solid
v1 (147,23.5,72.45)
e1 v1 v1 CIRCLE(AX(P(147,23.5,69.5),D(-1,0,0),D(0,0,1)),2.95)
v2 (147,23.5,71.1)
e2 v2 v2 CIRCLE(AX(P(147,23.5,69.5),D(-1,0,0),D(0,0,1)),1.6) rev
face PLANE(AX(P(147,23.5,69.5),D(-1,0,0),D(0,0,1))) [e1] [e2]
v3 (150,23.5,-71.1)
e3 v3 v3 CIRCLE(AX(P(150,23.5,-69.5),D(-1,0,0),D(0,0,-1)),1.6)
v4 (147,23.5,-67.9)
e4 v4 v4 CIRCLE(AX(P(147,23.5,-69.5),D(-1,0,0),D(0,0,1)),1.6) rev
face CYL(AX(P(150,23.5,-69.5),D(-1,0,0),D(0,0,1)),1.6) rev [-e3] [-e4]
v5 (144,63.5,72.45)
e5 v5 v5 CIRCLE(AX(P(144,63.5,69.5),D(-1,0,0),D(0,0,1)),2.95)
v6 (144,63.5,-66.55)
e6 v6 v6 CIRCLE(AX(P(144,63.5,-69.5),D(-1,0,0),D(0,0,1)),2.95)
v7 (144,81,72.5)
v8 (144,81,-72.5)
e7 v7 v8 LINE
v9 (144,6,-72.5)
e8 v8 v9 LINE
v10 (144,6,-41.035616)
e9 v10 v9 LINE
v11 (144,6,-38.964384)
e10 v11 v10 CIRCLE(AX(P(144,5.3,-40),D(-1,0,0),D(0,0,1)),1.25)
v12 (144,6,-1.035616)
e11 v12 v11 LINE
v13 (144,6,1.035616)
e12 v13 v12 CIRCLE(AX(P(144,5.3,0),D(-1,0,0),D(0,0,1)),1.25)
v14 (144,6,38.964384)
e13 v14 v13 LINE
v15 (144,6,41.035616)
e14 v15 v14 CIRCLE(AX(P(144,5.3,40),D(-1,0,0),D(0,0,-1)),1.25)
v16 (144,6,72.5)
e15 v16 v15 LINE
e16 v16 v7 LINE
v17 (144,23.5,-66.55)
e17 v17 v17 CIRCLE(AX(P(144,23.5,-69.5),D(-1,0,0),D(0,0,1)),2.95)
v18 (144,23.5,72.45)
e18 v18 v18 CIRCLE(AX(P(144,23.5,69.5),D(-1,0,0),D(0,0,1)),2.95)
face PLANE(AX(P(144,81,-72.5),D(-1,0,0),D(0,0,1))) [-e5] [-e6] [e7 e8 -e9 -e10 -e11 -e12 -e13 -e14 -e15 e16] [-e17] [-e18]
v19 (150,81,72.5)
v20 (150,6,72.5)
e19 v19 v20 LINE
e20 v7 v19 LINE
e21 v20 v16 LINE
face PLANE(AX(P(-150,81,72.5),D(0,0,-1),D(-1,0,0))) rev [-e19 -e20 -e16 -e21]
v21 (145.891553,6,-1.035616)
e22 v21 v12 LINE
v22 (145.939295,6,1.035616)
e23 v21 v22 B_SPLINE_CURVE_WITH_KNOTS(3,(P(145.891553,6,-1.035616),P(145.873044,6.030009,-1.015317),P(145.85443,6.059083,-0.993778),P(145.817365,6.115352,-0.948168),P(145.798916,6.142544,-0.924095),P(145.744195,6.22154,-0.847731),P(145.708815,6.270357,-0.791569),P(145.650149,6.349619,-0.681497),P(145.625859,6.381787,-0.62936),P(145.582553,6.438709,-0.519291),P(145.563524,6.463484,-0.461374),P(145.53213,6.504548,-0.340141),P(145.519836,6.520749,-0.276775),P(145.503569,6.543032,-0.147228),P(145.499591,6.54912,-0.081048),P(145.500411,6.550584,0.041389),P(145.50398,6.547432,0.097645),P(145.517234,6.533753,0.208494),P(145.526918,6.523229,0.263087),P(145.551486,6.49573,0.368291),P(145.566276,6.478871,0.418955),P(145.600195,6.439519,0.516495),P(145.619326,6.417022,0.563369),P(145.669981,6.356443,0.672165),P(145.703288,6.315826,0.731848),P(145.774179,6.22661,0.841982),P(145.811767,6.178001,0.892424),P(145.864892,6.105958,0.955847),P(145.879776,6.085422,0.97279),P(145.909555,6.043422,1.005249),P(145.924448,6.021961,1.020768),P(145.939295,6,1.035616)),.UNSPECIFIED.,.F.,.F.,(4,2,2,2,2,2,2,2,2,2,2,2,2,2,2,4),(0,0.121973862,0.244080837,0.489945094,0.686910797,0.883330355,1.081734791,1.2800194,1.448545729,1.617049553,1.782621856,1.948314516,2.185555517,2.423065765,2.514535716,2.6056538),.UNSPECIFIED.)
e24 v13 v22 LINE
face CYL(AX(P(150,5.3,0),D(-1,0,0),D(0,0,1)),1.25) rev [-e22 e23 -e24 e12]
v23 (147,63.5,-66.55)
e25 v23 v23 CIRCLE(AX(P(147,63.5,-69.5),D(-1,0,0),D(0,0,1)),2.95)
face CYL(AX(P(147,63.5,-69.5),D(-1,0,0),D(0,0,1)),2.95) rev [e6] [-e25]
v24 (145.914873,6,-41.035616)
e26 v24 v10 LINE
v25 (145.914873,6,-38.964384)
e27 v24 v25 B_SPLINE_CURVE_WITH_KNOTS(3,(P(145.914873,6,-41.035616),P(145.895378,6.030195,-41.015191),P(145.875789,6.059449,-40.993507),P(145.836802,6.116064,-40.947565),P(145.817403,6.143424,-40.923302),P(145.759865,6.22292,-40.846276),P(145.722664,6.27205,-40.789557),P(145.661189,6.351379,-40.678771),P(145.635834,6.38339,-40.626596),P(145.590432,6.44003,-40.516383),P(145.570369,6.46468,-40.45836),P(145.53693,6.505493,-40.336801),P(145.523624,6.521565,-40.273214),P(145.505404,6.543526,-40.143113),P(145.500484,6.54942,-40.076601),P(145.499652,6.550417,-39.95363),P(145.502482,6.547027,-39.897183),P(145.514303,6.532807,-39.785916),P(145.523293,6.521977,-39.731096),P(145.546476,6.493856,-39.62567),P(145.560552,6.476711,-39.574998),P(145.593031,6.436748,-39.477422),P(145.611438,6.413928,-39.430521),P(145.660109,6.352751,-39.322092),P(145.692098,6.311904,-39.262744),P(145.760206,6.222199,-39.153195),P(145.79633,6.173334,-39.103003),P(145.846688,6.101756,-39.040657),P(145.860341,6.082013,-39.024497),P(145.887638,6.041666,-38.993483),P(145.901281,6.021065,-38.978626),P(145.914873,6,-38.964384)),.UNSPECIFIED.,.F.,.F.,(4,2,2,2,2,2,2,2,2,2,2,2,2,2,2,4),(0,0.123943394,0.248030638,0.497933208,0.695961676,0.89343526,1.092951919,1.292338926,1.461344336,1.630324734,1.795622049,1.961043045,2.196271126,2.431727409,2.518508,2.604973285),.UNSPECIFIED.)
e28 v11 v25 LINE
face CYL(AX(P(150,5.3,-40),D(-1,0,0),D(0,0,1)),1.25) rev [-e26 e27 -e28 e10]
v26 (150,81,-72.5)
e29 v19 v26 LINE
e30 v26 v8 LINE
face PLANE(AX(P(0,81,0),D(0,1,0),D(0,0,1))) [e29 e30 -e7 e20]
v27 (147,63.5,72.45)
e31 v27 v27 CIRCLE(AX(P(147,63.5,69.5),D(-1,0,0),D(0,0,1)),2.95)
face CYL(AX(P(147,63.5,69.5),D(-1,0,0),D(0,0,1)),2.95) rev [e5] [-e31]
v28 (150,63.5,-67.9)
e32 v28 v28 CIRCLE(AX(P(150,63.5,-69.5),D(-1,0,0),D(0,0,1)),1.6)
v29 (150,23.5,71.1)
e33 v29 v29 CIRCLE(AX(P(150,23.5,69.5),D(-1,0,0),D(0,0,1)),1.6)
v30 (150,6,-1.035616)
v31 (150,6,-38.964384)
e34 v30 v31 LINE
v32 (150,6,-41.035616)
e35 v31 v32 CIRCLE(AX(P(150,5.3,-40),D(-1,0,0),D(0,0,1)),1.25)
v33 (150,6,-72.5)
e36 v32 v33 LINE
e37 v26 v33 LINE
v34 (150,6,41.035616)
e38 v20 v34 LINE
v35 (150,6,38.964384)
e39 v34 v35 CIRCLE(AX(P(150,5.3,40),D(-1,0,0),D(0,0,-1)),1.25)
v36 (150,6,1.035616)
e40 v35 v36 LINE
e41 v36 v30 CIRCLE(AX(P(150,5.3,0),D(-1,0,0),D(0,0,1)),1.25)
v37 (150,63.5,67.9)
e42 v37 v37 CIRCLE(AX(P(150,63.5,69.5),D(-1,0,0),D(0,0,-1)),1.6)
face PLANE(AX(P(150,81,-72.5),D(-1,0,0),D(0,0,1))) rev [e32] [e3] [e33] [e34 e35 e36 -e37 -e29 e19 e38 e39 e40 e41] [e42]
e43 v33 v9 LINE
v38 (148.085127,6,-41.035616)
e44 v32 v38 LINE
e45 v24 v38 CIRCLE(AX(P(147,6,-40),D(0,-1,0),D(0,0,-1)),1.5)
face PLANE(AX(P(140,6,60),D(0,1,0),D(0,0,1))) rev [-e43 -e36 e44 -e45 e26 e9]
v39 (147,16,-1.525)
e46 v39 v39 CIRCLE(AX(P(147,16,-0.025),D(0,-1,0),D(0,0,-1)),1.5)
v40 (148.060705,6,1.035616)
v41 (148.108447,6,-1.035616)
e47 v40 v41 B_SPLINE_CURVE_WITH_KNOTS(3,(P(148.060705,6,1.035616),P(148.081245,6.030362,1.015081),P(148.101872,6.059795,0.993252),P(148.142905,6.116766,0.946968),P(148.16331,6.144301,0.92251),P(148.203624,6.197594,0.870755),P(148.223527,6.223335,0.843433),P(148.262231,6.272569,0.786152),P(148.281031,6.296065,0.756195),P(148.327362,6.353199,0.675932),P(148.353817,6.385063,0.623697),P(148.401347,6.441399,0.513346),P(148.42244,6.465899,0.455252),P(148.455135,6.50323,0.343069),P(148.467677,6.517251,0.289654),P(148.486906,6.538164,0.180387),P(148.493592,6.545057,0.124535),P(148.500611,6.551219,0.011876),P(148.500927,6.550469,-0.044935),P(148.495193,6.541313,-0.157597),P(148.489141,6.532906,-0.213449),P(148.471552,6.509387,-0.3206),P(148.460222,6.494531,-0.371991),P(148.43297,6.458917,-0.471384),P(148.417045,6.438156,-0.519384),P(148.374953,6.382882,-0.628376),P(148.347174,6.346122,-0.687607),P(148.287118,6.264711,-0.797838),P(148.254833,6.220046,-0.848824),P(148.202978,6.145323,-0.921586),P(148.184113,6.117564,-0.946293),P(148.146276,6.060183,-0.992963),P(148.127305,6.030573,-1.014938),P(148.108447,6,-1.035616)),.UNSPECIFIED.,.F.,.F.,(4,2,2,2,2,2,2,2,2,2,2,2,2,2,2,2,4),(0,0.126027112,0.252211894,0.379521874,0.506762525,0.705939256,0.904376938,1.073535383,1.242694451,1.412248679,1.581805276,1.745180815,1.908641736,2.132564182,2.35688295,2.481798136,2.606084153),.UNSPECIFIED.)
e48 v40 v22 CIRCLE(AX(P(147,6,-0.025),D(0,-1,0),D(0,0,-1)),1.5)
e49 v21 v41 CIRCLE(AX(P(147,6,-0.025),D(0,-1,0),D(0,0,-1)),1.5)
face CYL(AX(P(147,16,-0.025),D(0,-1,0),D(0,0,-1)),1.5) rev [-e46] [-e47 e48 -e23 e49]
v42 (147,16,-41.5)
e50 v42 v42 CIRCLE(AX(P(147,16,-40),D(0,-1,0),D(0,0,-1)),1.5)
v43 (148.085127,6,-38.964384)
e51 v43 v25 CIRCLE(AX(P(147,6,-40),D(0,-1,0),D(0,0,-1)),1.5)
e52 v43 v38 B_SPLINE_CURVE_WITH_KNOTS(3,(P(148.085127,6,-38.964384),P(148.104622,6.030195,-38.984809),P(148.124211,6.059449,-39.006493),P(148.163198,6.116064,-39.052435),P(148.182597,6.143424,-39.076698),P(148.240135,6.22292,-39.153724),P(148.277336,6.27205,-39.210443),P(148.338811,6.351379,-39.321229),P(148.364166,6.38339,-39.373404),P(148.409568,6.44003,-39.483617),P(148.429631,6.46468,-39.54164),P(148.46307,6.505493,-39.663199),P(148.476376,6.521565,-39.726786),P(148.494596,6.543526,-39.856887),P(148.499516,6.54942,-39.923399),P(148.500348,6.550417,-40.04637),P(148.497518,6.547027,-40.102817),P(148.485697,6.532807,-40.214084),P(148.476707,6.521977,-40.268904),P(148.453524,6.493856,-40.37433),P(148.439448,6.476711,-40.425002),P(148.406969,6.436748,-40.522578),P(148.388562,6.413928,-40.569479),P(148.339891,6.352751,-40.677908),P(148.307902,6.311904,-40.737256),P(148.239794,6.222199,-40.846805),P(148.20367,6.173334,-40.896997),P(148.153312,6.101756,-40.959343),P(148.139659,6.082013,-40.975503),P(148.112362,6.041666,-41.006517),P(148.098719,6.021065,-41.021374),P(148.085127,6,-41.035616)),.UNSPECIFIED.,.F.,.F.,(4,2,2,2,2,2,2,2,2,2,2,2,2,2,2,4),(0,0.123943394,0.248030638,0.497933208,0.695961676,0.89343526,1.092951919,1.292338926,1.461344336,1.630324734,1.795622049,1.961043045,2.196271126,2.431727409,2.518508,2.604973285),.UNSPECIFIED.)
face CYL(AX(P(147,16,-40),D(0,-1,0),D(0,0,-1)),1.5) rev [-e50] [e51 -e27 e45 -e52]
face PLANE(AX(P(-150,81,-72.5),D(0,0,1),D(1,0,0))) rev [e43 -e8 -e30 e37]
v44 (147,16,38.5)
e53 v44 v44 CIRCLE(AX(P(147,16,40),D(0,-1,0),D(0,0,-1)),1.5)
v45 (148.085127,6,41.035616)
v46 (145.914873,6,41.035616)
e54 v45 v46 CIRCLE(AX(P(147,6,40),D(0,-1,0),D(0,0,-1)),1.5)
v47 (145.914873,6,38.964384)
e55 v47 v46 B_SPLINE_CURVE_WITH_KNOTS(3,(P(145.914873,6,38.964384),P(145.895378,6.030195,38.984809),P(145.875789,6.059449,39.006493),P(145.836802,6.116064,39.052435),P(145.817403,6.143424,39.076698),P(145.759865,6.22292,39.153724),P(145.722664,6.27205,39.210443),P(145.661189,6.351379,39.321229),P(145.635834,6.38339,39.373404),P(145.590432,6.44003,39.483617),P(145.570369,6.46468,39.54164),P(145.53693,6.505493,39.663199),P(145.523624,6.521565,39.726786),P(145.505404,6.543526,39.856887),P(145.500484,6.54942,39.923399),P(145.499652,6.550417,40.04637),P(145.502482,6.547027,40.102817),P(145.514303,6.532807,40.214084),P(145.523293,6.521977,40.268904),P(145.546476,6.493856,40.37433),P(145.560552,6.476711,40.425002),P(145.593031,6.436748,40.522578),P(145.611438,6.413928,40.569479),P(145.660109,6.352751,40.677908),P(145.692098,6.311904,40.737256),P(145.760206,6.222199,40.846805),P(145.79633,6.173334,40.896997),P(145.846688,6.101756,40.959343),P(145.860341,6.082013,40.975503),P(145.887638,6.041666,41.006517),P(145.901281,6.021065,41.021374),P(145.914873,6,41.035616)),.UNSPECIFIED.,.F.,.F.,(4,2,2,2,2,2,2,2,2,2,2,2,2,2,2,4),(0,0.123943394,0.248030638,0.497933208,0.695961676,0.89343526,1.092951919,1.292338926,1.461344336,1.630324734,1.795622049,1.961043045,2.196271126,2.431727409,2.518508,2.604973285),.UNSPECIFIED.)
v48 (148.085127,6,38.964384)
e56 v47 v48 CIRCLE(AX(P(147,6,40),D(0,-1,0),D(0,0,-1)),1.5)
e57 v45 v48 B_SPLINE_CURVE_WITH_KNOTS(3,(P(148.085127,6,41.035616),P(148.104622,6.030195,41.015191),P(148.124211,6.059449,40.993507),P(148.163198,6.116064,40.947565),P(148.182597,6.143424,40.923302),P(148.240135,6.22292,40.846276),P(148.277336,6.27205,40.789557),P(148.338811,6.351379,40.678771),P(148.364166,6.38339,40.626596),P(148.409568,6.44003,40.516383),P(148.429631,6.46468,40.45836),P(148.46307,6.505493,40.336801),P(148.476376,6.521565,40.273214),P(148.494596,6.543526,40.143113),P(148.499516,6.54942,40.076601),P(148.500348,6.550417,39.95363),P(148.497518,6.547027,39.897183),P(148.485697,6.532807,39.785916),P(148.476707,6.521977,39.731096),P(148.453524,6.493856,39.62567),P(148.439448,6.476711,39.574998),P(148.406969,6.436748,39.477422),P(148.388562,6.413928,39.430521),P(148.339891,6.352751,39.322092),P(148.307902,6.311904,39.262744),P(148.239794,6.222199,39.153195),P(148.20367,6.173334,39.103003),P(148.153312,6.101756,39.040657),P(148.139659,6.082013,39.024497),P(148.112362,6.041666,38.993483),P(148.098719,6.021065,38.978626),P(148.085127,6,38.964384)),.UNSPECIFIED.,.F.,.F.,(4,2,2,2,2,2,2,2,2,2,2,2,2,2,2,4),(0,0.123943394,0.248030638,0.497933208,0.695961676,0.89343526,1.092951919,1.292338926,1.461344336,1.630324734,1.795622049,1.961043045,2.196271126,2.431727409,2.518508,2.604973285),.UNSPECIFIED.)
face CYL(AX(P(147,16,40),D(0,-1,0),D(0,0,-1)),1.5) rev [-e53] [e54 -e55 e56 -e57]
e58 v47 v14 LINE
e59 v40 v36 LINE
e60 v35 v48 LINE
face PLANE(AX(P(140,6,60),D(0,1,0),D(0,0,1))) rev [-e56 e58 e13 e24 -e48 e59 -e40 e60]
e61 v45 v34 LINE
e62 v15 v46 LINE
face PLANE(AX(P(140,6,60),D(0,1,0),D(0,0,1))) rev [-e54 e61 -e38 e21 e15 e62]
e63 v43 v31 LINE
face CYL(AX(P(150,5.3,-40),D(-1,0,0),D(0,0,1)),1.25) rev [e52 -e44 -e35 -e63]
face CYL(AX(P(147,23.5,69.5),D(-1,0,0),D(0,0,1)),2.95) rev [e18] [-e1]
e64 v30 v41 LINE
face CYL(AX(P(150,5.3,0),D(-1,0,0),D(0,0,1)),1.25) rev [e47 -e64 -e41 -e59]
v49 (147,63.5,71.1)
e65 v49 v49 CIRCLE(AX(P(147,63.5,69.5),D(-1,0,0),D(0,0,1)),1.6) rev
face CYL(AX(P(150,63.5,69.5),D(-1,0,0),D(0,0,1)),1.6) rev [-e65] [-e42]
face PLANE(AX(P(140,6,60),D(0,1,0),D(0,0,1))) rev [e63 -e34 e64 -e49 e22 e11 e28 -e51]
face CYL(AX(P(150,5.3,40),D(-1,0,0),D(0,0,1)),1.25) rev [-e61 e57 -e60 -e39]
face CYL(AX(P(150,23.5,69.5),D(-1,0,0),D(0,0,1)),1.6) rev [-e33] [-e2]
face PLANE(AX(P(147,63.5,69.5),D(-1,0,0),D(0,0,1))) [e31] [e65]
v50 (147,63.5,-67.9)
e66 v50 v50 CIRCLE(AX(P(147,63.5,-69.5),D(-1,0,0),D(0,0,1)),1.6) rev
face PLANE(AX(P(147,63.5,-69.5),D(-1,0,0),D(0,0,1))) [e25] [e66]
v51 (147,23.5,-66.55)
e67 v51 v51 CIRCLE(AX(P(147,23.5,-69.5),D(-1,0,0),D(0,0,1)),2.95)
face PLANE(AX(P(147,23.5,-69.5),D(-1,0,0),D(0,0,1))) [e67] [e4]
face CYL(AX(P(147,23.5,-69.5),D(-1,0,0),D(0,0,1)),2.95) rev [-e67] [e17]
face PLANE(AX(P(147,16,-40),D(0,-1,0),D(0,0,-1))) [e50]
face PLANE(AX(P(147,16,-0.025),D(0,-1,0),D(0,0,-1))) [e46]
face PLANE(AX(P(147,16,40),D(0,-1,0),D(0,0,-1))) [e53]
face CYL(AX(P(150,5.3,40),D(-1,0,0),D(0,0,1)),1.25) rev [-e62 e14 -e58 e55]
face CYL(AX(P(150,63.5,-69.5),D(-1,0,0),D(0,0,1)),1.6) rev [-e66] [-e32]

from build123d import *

# Parameters (mm, degrees)
SKETCH_1_W          = 300
SKETCH_1_H          = 145
EXTRUDE_1_DEPTH     = 81
SHELL_1_T           = -6
SKETCH_2_R          = 2.55
CUT_EXTRUDE_1_DEPTH = 183.705363906
SKETCH_3_R          = 4.25
CUT_EXTRUDE_2_DEPTH = 3
SKETCH_4_W          = 145
SKETCH_4_H          = 81
CUT_EXTRUDE_3_DEPTH = 314.453744594
SKETCH_5_W          = 145
SKETCH_5_H          = 6
CUT_EXTRUDE_4_DEPTH = 109.872632006
SKETCH_6_R          = 1.6
SKETCH_6_R_2        = 1.25
CUT_EXTRUDE_5_DEPTH = 109.872632006
SKETCH_7_R          = 2.95
CUT_EXTRUDE_6_DEPTH = 3
SKETCH_8_R          = 1.5
CUT_EXTRUDE_7_DEPTH = 10


with BuildPart() as part:
    # ｽｹｯﾁ1 → ﾎﾞｽ - 押し出し1 (new body)
    with BuildSketch(Plane(origin=(0, 0, 0), x_dir=(1, 0, 0), z_dir=(0, 1, 0))):
        Rectangle(SKETCH_1_W, SKETCH_1_H)
    extrude(amount=EXTRUDE_1_DEPTH)

    # ｼｪﾙ1
    shell_1_openings = [part.faces().sort_by_distance(p)[0] for p in [
        (0, 81, 0),
    ]]
    offset(amount=SHELL_1_T, openings=shell_1_openings, kind=Kind.INTERSECTION)

    # ｽｹｯﾁ2 → ｶｯﾄ - 押し出し1 (cut, through all)
    with BuildSketch(Plane(origin=(0, 6, 0), x_dir=(1, 0, 0), z_dir=(0, 1, 0))):
        with Locations(Location((140, 60, 0), (0, 0, 270))):
            Circle(SKETCH_2_R)
        with Locations(Location((140, -60, 0), (0, 0, 90))):
            Circle(SKETCH_2_R)
        with Locations(Location((-22.5, -60, 0), (0, 0, 270))):
            Circle(SKETCH_2_R)
        with Locations(Location((-22.5, 60, 0), (0, 0, 90))):
            Circle(SKETCH_2_R)
    extrude(amount=-CUT_EXTRUDE_1_DEPTH, mode=Mode.SUBTRACT)

    # ｽｹｯﾁ3 → ｶｯﾄ - 押し出し2 (cut)
    with BuildSketch(Plane(origin=(0, 6, 0), x_dir=(1, 0, 0), z_dir=(0, 1, 0))):
        with Locations(Location((140, 60, 0), (0, 0, 270))):
            Circle(SKETCH_3_R)
        with Locations(Location((-22.5, 60, 0), (0, 0, 270))):
            Circle(SKETCH_3_R)
        with Locations(Location((-22.5, -60, 0), (0, 0, 270))):
            Circle(SKETCH_3_R)
        with Locations(Location((140, -60, 0), (0, 0, 270))):
            Circle(SKETCH_3_R)
    extrude(amount=-CUT_EXTRUDE_2_DEPTH, mode=Mode.SUBTRACT)

    # ｽｹｯﾁ4 → ｶｯﾄ - 押し出し3 (cut, through all)
    with BuildSketch(Plane.ZY.offset(-144)):
        with Locations((0, 40.5)):
            Rectangle(SKETCH_4_W, SKETCH_4_H)
    extrude(amount=CUT_EXTRUDE_3_DEPTH, mode=Mode.SUBTRACT)

    # ｽｹｯﾁ5 → ｶｯﾄ - 押し出し4 (cut, through all)
    with BuildSketch(Plane.ZY.offset(-144)):
        with Locations((0, 3)):
            Rectangle(SKETCH_5_W, SKETCH_5_H)
    extrude(amount=-CUT_EXTRUDE_4_DEPTH, mode=Mode.SUBTRACT)

    # ｽｹｯﾁ6 → ｶｯﾄ - 押し出し5 (cut, through all)
    with BuildSketch(Plane.ZY.offset(-144)):
        with Locations((-69.5, 63.5)):
            Circle(SKETCH_6_R)
        with Locations(Location((-69.5, 23.5, 0), (0, 0, 180))):
            Circle(SKETCH_6_R)
        with Locations((69.5, 23.5)):
            Circle(SKETCH_6_R)
        with Locations(Location((69.5, 63.5, 0), (0, 0, 180))):
            Circle(SKETCH_6_R)
        with Locations((-40, 5.3)):
            Circle(SKETCH_6_R_2)
        with Locations((0, 5.3)):
            Circle(SKETCH_6_R_2)
        with Locations((40, 5.3)):
            Circle(SKETCH_6_R_2)
    extrude(amount=-CUT_EXTRUDE_5_DEPTH, mode=Mode.SUBTRACT)

    # ｽｹｯﾁ7 → ｶｯﾄ - 押し出し6 (cut)
    with BuildSketch(Plane.ZY.offset(-144)):
        with Locations((-69.5, 63.5)):
            Circle(SKETCH_7_R)
        with Locations((-69.5, 23.5)):
            Circle(SKETCH_7_R)
        with Locations((69.5, 63.5)):
            Circle(SKETCH_7_R)
        with Locations((69.5, 23.5)):
            Circle(SKETCH_7_R)
    extrude(amount=-CUT_EXTRUDE_6_DEPTH, mode=Mode.SUBTRACT)

    # ｽｹｯﾁ8 → ｶｯﾄ - 押し出し7 (cut)
    with BuildSketch(Plane.XZ.offset(-6)):
        with Locations(Location((147, 40, 0), (0, 0, 270))):
            Circle(SKETCH_8_R)
        with Locations(Location((147, -0.025, 0), (0, 0, 270))):
            Circle(SKETCH_8_R)
        with Locations(Location((147, -40, 0), (0, 0, 270))):
            Circle(SKETCH_8_R)
    extrude(amount=-CUT_EXTRUDE_7_DEPTH, mode=Mode.SUBTRACT)


solid = part.part
